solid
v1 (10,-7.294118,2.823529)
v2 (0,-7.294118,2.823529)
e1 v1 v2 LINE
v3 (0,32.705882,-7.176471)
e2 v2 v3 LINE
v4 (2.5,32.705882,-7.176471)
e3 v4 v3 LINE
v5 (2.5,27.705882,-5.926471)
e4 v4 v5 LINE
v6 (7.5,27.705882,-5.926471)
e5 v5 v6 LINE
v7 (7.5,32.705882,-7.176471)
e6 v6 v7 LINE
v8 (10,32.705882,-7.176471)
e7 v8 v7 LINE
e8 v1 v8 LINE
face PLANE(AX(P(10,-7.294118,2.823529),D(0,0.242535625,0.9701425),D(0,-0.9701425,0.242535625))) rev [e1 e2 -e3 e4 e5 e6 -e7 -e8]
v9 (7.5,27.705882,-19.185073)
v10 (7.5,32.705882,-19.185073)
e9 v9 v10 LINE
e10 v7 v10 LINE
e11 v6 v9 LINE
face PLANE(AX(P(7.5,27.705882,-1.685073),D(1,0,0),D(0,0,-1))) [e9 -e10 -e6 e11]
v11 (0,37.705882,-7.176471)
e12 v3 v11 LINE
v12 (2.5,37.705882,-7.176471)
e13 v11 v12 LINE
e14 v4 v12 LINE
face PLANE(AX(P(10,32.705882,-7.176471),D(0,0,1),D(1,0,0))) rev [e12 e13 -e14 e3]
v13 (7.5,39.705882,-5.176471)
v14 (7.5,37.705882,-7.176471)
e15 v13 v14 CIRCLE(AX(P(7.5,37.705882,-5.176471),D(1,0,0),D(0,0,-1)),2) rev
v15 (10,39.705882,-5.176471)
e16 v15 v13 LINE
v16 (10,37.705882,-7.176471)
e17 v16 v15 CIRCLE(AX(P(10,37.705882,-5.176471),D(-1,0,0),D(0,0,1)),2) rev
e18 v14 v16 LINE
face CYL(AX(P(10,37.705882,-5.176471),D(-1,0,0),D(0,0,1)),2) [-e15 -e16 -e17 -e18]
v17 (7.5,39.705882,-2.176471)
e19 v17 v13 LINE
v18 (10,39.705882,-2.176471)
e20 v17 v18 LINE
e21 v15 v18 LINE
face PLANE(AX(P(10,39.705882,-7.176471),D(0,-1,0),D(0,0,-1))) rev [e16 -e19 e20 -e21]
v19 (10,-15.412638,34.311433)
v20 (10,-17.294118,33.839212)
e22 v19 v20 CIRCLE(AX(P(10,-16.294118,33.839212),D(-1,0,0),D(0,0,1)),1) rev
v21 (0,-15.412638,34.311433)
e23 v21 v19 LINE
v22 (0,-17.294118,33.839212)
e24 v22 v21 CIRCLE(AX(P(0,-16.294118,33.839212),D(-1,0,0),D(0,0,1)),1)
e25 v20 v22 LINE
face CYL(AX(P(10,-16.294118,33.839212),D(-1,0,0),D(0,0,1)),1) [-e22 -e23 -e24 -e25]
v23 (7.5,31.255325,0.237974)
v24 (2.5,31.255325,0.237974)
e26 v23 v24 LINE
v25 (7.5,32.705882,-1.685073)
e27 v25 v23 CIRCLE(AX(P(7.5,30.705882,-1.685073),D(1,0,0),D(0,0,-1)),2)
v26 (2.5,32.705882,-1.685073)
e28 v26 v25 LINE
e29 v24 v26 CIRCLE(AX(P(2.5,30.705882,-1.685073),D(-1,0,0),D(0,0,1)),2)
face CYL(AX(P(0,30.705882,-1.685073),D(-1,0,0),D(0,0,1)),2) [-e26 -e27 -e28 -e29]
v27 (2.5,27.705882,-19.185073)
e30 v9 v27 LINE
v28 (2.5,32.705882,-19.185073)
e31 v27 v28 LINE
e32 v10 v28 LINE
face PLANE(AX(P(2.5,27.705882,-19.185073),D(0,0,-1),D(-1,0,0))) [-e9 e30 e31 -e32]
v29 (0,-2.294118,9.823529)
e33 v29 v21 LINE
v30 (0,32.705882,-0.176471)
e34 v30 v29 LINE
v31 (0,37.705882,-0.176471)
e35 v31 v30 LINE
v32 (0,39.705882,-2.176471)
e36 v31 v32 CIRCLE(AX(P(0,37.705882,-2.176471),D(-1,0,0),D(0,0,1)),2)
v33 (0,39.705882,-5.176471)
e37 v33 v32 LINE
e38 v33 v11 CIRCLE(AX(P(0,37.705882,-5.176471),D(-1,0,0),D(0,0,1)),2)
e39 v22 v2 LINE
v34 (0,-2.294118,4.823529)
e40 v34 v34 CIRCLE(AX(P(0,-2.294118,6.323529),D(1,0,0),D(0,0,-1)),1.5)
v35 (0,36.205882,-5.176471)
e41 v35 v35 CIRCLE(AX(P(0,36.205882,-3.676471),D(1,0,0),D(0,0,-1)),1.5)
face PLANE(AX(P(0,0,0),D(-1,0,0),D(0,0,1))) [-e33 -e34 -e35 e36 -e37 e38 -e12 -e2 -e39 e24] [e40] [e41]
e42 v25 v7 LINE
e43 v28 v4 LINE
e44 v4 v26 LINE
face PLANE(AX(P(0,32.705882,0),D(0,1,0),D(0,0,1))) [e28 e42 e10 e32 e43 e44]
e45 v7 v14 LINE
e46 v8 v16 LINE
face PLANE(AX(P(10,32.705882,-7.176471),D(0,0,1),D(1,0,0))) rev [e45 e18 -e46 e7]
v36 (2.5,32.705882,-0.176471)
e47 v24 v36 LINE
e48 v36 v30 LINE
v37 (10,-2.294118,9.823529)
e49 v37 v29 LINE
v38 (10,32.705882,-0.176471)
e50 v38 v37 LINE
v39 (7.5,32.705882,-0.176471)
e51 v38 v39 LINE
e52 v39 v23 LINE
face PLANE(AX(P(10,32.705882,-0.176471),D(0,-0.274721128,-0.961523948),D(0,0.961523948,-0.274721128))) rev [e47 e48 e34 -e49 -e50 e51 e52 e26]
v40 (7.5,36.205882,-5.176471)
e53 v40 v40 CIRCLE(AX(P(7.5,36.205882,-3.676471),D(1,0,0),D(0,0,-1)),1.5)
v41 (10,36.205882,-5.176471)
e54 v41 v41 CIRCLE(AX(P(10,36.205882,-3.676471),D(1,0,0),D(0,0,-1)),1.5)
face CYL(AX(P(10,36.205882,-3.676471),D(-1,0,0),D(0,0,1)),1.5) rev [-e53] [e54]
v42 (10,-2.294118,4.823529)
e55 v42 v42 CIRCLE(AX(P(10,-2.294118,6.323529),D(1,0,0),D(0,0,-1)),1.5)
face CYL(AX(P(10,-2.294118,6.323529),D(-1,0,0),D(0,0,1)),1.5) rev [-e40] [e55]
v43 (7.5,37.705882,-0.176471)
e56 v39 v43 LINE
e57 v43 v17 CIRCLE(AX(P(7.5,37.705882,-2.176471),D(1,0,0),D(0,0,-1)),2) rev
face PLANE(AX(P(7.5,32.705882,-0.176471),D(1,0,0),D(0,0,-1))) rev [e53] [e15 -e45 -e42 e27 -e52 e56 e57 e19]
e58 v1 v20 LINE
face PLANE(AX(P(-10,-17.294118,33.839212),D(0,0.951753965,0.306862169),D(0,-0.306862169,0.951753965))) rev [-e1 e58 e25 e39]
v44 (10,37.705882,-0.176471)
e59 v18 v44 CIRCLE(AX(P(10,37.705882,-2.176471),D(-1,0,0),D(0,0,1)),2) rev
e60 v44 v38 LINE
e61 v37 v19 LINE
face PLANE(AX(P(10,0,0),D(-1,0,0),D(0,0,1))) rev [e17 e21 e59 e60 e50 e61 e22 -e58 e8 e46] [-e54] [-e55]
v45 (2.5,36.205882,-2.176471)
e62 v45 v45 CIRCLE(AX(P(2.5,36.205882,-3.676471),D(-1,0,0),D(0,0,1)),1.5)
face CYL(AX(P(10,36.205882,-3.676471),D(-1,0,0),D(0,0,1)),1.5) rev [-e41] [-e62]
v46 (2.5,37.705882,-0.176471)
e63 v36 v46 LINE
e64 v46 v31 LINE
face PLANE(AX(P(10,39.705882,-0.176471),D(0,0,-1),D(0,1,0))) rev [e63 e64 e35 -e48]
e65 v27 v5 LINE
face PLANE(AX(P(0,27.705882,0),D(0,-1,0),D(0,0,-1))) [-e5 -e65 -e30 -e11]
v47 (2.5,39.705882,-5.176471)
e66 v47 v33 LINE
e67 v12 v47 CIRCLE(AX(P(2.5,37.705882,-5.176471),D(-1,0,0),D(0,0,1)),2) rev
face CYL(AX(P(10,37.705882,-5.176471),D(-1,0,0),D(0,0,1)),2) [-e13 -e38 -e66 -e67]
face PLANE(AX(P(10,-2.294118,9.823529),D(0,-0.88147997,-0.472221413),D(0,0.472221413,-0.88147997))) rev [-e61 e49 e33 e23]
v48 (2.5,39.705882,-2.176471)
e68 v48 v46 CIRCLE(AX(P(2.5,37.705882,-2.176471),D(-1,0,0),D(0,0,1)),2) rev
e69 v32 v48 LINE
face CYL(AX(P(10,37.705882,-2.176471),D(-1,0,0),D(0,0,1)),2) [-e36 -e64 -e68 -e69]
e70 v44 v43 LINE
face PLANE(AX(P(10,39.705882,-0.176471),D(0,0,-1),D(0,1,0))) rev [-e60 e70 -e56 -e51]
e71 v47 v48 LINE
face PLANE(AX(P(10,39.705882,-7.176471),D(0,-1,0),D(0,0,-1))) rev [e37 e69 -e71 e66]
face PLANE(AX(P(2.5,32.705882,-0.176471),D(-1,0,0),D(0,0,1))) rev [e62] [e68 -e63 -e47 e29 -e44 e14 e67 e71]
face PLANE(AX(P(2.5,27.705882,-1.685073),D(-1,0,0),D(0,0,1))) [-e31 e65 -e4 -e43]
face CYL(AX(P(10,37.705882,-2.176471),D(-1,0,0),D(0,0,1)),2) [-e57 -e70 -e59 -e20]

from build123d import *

# Parameters (mm, degrees)
SKETCH1_R           = 1.5
BOSS_EXTRUDE1_DEPTH = 10
FILLET1_R           = 1
SKETCH2_W           = 5
SKETCH2_H           = 7
CUT_EXTRUDE1_DEPTH  = 7
FILLET3_R           = 2
CUT_EXTRUDE2_DEPTH  = 20
SKETCH4_W           = 5
SKETCH4_H           = 17.5
BOSS_EXTRUDE3_DEPTH = 5


with BuildPart() as part:
    # Sketch1 → Boss-Extrude1 (new body)
    with BuildSketch(Plane(origin=(0, 0, 0), x_dir=(0, 0, -1), z_dir=(1, 0, 0))):
        Polygon((-37.823529412, -17.294117647), (-22.823529412, -17.294117647), (-2.823529412, -7.294117647), (7.176470588, 32.705882353), (7.176470588, 39.705882353), (0.176470588, 39.705882353), (0.176470588, 32.705882353), (-9.823529412, -2.294117647), align=None)
        with Locations((3.676470588, 36.205882353)):
            Circle(SKETCH1_R, mode=Mode.SUBTRACT)
        with Locations((-6.323529412, -2.294117647)):
            Circle(SKETCH1_R, mode=Mode.SUBTRACT)
    extrude(amount=BOSS_EXTRUDE1_DEPTH)

    # Fillet1
    fillet1_edges = [part.edges().sort_by_distance(p)[0] for p in [
        (5, -17.294117647, 37.823529412),
    ]]
    fillet(fillet1_edges, radius=FILLET1_R)

    # Sketch2 → Cut-Extrude1 (cut)
    with BuildSketch(Plane(origin=(0, 39.705882353, 0), x_dir=(1, 0, 0), z_dir=(0, 1, 0))):
        with Locations((5, 3.676470588)):
            Rectangle(SKETCH2_W, SKETCH2_H)
    extrude(amount=-CUT_EXTRUDE1_DEPTH, mode=Mode.SUBTRACT)

    # Fillet3
    fillet3_edges = [part.edges().sort_by_distance(p)[0] for p in [
        (8.75, 39.705882353, -0.176470588),
        (8.75, 39.705882353, -7.176470588),
        (1.25, 39.705882353, -0.176470588),
        (1.25, 39.705882353, -7.176470588),
        (5, 32.705882353, -0.176470588),
    ]]
    fillet(fillet3_edges, radius=FILLET3_R)

    # Sketch3 → Cut-Extrude2 (cut)
    with BuildSketch(Plane(origin=(10, 0, 0), x_dir=(0, 0, -1), z_dir=(1, 0, 0))):
        Polygon((-33.839212055, -17.294117647), (-2.823529412, -7.294117647), (-22.823529412, -17.294117647), align=None)
    extrude(amount=-CUT_EXTRUDE2_DEPTH, mode=Mode.SUBTRACT)

    # Sketch4 → Boss-Extrude3 (add)
    with BuildSketch(Plane(origin=(0, 32.705882353, 0), x_dir=(1, 0, 0), z_dir=(0, 1, 0))):
        with Locations((5, 10.435073414)):
            Rectangle(SKETCH4_W, SKETCH4_H)
    extrude(amount=-BOSS_EXTRUDE3_DEPTH)


solid = part.part
